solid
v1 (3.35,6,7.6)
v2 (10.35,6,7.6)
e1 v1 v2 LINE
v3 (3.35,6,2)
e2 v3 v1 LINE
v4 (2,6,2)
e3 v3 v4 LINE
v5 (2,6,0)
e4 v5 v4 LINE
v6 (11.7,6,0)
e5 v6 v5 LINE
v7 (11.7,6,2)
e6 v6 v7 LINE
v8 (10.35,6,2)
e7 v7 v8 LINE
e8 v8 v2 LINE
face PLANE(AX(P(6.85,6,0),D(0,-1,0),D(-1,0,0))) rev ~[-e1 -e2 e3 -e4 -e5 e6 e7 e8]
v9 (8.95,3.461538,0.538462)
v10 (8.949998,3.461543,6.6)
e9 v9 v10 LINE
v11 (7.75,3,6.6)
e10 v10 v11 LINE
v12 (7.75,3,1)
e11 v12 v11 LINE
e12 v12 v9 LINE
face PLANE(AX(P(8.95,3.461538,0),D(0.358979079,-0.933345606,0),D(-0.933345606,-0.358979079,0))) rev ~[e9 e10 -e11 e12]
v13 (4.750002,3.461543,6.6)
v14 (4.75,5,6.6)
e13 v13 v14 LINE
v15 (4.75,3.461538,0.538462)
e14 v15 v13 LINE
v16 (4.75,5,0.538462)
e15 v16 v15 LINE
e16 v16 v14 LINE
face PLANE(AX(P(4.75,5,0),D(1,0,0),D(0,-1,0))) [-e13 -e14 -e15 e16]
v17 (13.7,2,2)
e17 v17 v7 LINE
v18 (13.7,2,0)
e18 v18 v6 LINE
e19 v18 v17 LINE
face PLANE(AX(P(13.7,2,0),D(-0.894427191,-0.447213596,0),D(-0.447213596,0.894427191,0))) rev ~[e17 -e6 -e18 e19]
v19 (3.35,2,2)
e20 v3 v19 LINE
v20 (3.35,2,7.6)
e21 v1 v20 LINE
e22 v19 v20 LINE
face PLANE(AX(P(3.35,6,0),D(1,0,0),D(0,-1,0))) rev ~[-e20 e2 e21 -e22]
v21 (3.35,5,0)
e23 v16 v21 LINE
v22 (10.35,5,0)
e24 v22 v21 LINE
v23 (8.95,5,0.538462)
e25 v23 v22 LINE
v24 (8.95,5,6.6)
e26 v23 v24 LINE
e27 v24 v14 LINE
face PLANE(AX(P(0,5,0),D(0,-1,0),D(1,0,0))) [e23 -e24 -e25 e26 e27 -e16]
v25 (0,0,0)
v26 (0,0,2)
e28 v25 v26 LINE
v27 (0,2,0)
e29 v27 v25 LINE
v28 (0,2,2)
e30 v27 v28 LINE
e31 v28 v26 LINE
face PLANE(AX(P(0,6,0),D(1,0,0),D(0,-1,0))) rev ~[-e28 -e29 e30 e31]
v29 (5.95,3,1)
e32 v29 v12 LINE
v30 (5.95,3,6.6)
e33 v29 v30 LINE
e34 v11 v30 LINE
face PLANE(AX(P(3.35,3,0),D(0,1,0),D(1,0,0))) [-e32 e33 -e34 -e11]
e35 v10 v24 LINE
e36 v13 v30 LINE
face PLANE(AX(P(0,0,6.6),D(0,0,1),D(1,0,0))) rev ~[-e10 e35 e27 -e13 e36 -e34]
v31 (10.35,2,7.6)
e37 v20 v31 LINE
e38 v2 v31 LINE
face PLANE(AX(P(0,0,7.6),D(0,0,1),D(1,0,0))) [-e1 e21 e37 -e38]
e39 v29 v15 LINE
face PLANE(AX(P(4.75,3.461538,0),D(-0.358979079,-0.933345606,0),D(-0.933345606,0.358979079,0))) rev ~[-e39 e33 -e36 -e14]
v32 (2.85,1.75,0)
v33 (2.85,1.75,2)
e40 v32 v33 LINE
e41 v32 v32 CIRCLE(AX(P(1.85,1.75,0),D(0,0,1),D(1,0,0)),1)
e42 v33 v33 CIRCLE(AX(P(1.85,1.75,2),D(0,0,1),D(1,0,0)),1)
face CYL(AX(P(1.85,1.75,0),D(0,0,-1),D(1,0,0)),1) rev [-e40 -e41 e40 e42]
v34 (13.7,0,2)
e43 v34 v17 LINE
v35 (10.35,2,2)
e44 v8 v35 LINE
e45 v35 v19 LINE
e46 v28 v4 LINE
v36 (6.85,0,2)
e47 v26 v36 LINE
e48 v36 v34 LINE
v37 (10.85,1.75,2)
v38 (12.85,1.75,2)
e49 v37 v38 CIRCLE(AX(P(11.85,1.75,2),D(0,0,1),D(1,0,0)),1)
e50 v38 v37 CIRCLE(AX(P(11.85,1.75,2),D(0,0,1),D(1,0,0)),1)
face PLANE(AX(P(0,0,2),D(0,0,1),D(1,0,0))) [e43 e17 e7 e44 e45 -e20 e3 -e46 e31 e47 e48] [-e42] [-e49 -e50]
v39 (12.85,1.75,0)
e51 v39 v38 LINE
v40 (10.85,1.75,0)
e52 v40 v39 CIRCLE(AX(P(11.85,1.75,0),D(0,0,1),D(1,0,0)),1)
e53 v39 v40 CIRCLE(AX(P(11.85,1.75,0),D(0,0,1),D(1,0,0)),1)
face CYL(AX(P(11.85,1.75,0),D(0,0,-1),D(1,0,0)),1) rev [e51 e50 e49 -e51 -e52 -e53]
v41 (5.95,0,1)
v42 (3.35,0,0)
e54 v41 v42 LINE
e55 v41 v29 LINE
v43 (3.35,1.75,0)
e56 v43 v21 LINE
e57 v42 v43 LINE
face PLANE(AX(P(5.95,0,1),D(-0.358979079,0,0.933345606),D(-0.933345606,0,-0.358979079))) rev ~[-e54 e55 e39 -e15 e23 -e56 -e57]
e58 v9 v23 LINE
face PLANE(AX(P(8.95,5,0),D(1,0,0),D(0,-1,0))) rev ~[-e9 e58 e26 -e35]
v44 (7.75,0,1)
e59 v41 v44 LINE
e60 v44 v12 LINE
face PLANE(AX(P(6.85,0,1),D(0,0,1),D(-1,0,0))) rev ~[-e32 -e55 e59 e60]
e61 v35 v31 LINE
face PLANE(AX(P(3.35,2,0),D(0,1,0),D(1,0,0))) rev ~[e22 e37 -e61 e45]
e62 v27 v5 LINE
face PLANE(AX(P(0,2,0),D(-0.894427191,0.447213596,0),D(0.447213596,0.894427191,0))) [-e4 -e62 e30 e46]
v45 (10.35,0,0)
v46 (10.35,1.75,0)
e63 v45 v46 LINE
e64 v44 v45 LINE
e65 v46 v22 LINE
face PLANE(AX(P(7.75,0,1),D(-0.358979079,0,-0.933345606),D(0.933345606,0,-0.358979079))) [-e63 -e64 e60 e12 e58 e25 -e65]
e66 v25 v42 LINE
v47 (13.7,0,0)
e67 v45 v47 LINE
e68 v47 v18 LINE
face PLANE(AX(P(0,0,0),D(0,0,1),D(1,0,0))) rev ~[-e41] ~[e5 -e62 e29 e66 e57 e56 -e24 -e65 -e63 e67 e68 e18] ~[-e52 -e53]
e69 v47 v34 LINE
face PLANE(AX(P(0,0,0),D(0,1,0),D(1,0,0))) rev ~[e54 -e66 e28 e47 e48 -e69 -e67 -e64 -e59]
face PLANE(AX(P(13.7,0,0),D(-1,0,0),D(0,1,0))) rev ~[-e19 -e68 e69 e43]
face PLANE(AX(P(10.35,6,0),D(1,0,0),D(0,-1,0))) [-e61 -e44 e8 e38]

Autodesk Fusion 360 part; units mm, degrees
sketch "mainBase" plane through (0, 0, 0) normal (0, 0, 1) x (1, 0, 0)
  line L0 (0, 0) -> (13.7, 0)
  line L1 (13.7, 0) -> (13.7, 6)
  line L2 (13.7, 6) -> (0, 6)
  line L3 (0, 6) -> (0, 0)
  line L4 (0, 0) -> (6.85, 0)
  line L5 (6.85, 0) -> (6.85, 1.75)
  line L6 (6.85, 1.75) -> (1.85, 1.75)
  line L7 (6.85, 1.75) -> (11.85, 1.75)
  line L8 (0, 6) -> (6.85, 6)
  circle A0 centre (1.85, 1.75) radius 1
  circle A1 centre (11.85, 1.75) radius 1
  line L9 (6.85, 6) -> (3.35, 6)
  line L10 (3.35, 6) -> (3.35, 2)
  line L11 (3.35, 2) -> (6.85, 2)
  line L12 (6.85, 2) -> (6.85, 6)
  line L13 (6.85, 6) -> (10.35, 6)
  line L14 (10.35, 6) -> (10.35, 2)
  line L15 (10.35, 2) -> (6.85, 2)
  line L16 (6.85, 2) -> (6.85, 6)
  dimension "d9" = 6
  dimension "d10" = 13.7
  dimension "d11" = 6.85
  dimension "d12" = 1.75
  dimension "d13" = 5
  dimension "d14" = 5
  dimension "d15" = 6.85
  dimension "d17" = 2
  dimension "d18" = 2
  dimension "d19" = 4
  dimension "d20" = 3.5
  dimension "d21" = 4
  dimension "d22" = 3.5
extrude "Extrude1" add sketch "mainBase" along normal blind 7.6 contours L2 L8 L9 L10 L11 L12 L16 | L2 L12 L13 L14 L15 L16
shell "Shell1" thickness 1 removed faces 1 at (5.6833, 4.6667, 0)
extrude "Extrude2" add sketch "mainBase" along normal blind 2 contours L0 L1 L2 L3 L4 L8 L10 L11 L14 L15
sketch "hallCutOut" plane through (0, 0, 0) normal (0, 0, 1) x (1, 0, 0)
  line L0 (0, 6) -> (6.85, 6)
  line L1 (6.85, 6) -> (6.85, 2)
  line L2 (6.85, 2) -> (3.35, 2)
  line L3 (3.35, 2) -> (3.35, 4)
  line L4 (6.85, 2) -> (6.85, 3)
  line L5 (6.85, 3) -> (5.95, 3)
  line L6 (5.95, 3) -> (3.35, 4)
  line L7 (6.85, 3) -> (7.75, 3)
  line L8 (6.85, 2) -> (10.35, 2)
  line L9 (10.35, 2) -> (10.35, 4)
  line L10 (10.35, 4) -> (7.75, 3)
  line L11 (7.75, 3) -> (9.35, 3)
  line L12 (9.35, 3) -> (9.35, 3.6154)
  line L13 (5.95, 3) -> (4.35, 3)
  line L14 (4.35, 3) -> (4.35, 3.6154)
  line L15 (6.85, 5) -> (8.95, 5)
  line L16 (8.95, 5) -> (8.95, 3)
  line L17 (8.95, 3) -> (6.85, 3)
  line L18 (6.85, 3) -> (6.85, 5)
  line L19 (6.85, 5) -> (4.75, 5)
  line L20 (4.75, 5) -> (4.75, 3)
  line L21 (4.75, 3) -> (6.85, 3)
  line L22 (6.85, 3) -> (6.85, 5)
  line L23 (9.35, 3) -> (4.35, 3)
  line L24 (4.35, 3) -> (4.35, 5)
  line L25 (4.35, 5) -> (9.35, 5)
  line L26 (9.35, 5) -> (9.35, 3)
  dimension "d31" = 6.85
  dimension "d32" = 4
  dimension "d33" = 3.5
  dimension "d34" = 2
  dimension "d35" = 1
  dimension "d36" = 0.9
  dimension "d37" = 0.9
  dimension "d38" = 3.5
  dimension "d39" = 2
  dimension "d59" = 2.1
extrude "Extrude3" add sketch "hallCutOut" along normal blind 6.6 contours L6 L13 L20 L21 L23 | L10 L11 L16 L17 L23 | L10 L11 L12 L16 L23 L26 | L6 L13 L14 L20 L23 L24
sketch "wireCutOut" plane through (0, 0, 0) normal (0, -1, 0) x (1, 0, 0)
  line L0 (0, 0) -> (13.7, 0)
  line L1 (13.7, 0) -> (13.7, 2)
  line L2 (13.7, 2) -> (0, 2)
  line L3 (0, 2) -> (0, 0)
  line L4 (0, 0) -> (6.85, 0)
  line L5 (6.85, 0) -> (6.85, 1)
  line L6 (6.85, 1) -> (5.95, 1)
  line L7 (6.85, 1) -> (7.75, 1)
  line L8 (6.85, 0) -> (13.7, 0)
  line L9 (6.85, 0) -> (10.35, 0)
  line L10 (6.85, 0) -> (3.35, 0)
  line L11 (7.75, 1) -> (10.35, 0)
  line L12 (5.95, 1) -> (3.35, 0)
  dimension "d42" = 6.85
  dimension "d43" = 1
  dimension "d44" = 0.9
  dimension "d45" = 0.9
  dimension "d46" = 6.85
  dimension "d47" = 3.5
  dimension "d48" = 3.5
extrude "Extrude4" cut sketch "wireCutOut" against normal blind 5 contours L0 L4 L5 L6 L10 L12 | L0 L5 L7 L8 L9 L11
sketch "cutOut" plane through (0, 0, 0) normal (0, 0, 1) x (1, 0, 0)
  line L0 (0, 0) -> (13.7, 0)
  line L1 (13.7, 0) -> (13.7, 6)
  line L2 (13.7, 6) -> (0, 6)
  line L3 (0, 6) -> (0, 0)
  line L4 (13.7, 0) -> (13.7, 2)
  line L5 (0, 0) -> (0, 2)
  line L6 (0, 6) -> (2, 6)
  line L7 (13.7, 6) -> (11.7, 6)
  line L8 (0, 2) -> (2, 6)
  line L9 (13.7, 2) -> (11.7, 6)
  dimension "d51" = 6
  dimension "d52" = 13.7
  dimension "d53" = 2
  dimension "d54" = 2
  dimension "d55" = 2
  dimension "d56" = 2
extrude "Extrude5" cut sketch "cutOut" along normal blind 2 contours L2 L3 L6 L8 | L1 L2 L7 L9
extrude "Extrude6" add sketch "hallCutOut" along normal blind 7.6 contours L10 L16 L25 L26 | L6 L20 L24 L25
extrude "Extrude7" cut sketch "wireCutOut" against normal blind 5 contours L0 L4 L5 L6 L10 L12 | L0 L5 L7 L8 L9 L11
equation "baseLength = 6 mm"
equation "baseWidth = 13.7 mm"
equation "mountingCircleToMountingCircle = 10 mm"
equation "mountingHoleFromEdge = 1.75 mm"
equation "hallEffectWidth = 7 mm"
equation "hallEffectLength = 4 mm"
equation "hallEffectHeight = 7.6 mm"
equation "baseHeight = 2 mm"
equation "d9 = baseLength"
equation "d10 = baseWidth"
equation "d11 = baseWidth / 2"
equation "d12 = mountingHoleFromEdge"
equation "d13 = mountingCircleToMountingCircle / 2"
equation "d14 = mountingCircleToMountingCircle / 2"
equation "d15 = baseWidth / 2"
equation "screwHole = 2 mm"
equation "d17 = screwHole"
equation "d18 = screwHole"
equation "d19 = hallEffectLength"
equation "d20 = hallEffectWidth / 2"
equation "d21 = hallEffectLength"
equation "d22 = hallEffectWidth / 2"
equation "d23 = hallEffectHeight"
equation "hallEffectThickness = 1 mm"
equation "d26 = hallEffectThickness"
equation "d27 = baseHeight"
equation "traingleHeight = 2 mm"
equation "hallEffectMiddleDist = 1.8 mm"
equation "d31 = baseWidth / 2"
equation "d32 = hallEffectLength"
equation "d33 = hallEffectWidth / 2"
equation "d34 = traingleHeight"
equation "d35 = hallEffectThickness"
equation "d36 = hallEffectMiddleDist / 2"
equation "d37 = hallEffectMiddleDist / 2"
equation "d38 = hallEffectWidth / 2"
equation "d39 = traingleHeight"
equation "d40 = hallEffectHeight - hallEffectThickness"
equation "d42 = baseWidth / 2"
equation "d43 = hallEffectThickness"
equation "d44 = hallEffectMiddleDist / 2"
equation "d45 = hallEffectMiddleDist / 2"
equation "d46 = baseWidth / 2"
equation "d47 = hallEffectWidth / 2"
equation "d48 = hallEffectWidth / 2"
equation "d51 = baseLength"
equation "d52 = baseWidth"
equation "d53 = baseLength / 3"
equation "d54 = baseLength / 3"
equation "d57 = baseHeight"
equation "d60 = hallEffectHeight"
